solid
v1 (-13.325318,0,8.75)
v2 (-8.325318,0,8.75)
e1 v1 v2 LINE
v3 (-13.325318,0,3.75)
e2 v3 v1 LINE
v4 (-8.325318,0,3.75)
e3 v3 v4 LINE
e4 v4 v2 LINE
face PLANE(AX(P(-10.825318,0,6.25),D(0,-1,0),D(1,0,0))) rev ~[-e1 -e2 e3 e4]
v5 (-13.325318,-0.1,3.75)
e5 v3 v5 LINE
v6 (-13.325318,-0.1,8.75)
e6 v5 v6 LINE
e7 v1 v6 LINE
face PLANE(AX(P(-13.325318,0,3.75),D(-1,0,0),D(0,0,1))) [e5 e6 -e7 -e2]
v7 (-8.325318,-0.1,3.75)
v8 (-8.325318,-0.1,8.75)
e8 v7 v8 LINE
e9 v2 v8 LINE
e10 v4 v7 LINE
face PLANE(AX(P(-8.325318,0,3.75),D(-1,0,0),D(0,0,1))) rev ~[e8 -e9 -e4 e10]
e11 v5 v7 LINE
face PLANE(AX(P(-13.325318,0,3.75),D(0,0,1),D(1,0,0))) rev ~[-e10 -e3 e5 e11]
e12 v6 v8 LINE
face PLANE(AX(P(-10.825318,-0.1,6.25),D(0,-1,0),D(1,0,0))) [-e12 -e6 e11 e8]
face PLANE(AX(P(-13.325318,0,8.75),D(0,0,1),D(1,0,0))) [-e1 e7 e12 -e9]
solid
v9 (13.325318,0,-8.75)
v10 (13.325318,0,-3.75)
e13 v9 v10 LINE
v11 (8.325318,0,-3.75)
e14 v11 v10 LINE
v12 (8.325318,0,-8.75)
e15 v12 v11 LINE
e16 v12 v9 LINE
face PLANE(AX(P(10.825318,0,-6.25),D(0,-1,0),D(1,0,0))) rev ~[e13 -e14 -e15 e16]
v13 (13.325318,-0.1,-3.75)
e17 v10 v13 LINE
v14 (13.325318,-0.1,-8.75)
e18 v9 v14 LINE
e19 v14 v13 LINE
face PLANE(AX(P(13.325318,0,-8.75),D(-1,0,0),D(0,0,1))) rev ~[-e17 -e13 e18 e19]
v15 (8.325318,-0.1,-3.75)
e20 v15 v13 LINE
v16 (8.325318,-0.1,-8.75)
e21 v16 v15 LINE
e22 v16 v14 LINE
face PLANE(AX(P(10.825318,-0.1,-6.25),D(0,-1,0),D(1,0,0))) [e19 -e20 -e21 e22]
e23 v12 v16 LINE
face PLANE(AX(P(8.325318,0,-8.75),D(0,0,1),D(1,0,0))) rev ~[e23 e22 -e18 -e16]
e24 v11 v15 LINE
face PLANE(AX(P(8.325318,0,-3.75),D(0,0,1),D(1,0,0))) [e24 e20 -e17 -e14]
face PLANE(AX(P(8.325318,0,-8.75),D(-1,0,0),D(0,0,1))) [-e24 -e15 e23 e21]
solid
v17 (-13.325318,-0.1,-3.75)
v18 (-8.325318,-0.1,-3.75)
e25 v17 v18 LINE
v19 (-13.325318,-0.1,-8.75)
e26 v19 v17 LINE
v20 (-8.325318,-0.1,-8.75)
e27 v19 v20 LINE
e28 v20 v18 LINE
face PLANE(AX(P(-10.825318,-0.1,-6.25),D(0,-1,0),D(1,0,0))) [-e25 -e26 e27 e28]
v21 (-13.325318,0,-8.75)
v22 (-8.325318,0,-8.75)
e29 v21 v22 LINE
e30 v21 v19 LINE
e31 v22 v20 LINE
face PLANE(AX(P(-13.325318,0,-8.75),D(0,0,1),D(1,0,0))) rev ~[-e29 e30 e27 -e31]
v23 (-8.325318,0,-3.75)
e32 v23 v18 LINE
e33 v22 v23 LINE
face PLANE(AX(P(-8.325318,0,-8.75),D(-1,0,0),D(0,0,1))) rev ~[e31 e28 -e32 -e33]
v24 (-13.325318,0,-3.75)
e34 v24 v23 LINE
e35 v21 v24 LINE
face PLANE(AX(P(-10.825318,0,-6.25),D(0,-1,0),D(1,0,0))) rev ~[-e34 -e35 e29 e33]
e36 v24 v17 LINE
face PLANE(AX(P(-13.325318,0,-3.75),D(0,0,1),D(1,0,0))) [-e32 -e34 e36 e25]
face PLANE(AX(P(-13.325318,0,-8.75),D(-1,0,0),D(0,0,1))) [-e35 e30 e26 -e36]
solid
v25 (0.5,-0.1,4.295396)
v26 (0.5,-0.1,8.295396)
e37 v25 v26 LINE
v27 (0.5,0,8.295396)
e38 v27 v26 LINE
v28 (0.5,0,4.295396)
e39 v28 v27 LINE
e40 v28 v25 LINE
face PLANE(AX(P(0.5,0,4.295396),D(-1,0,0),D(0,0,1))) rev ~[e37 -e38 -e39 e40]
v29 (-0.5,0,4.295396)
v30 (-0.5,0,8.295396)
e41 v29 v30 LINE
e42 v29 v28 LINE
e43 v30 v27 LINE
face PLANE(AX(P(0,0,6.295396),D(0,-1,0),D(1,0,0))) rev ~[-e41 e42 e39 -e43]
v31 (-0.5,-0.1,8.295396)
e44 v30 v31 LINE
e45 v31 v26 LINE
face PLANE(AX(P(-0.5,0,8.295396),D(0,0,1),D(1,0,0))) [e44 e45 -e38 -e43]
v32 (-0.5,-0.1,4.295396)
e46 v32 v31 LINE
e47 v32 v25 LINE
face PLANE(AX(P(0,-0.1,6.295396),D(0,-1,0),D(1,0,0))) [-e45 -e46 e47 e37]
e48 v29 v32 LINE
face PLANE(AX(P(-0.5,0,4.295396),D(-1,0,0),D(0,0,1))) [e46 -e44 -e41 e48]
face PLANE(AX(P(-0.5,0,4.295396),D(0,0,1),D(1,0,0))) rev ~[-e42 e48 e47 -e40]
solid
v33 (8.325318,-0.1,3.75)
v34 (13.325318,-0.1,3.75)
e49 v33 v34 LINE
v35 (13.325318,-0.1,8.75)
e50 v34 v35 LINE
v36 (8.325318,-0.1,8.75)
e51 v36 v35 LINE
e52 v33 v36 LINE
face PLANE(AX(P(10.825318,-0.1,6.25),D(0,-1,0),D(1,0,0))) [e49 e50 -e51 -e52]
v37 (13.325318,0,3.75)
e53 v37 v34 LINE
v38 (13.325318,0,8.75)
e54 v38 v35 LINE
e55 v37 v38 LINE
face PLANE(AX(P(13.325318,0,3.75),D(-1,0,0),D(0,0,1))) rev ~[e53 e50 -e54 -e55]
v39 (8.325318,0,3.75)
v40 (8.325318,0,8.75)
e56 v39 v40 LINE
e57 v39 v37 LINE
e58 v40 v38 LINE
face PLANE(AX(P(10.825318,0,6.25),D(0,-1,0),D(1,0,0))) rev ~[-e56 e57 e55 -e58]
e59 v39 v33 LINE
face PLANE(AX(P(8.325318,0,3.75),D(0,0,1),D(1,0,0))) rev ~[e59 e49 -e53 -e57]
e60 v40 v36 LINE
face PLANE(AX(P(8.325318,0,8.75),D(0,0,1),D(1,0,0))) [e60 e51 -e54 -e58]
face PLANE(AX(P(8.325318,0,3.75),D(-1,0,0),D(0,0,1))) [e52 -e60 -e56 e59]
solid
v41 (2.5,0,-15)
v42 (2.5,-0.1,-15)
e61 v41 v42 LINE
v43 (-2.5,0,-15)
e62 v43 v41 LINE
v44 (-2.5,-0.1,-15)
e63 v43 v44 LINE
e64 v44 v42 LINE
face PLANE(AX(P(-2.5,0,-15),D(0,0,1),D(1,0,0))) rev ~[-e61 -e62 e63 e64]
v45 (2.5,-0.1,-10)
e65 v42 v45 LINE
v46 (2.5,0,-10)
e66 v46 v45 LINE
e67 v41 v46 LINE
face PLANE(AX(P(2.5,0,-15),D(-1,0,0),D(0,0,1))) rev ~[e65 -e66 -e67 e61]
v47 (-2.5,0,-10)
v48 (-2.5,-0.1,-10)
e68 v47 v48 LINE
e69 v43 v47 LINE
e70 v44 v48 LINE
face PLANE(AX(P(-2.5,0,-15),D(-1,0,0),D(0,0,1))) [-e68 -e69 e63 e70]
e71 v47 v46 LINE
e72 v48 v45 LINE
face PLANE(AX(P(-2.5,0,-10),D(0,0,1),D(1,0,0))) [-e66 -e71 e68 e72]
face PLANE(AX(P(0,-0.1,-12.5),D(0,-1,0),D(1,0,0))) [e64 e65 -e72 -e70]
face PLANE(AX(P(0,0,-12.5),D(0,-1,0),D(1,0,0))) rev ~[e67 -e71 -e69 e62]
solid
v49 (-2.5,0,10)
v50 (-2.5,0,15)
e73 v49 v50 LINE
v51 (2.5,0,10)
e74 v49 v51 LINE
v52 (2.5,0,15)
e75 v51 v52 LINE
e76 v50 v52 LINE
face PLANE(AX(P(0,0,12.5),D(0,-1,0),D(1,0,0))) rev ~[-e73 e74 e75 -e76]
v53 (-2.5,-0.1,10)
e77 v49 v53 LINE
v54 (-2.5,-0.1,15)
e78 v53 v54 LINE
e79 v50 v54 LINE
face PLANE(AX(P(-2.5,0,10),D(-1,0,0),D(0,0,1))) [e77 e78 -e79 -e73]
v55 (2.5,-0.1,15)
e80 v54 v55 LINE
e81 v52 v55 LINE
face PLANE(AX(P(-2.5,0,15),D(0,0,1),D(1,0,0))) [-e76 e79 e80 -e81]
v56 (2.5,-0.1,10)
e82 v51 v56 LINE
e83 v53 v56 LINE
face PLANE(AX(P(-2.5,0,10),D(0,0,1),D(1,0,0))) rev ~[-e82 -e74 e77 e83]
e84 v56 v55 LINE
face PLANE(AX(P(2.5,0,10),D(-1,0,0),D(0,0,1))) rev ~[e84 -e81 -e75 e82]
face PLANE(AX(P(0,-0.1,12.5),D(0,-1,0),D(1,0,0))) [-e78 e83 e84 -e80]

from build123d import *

# Parameters (mm, degrees)
F0_W     = 5
F0_H     = 5
F0_W_2   = 1
F0_H_2   = 4
F1_DEPTH = 0.1


with BuildPart() as f1:
    # F0 (on Front) → F1 (new body)
    with BuildSketch(Plane.XZ):
        with Locations((0, 12.5)):
            Rectangle(F0_W, F0_H)
        with Locations((10.825318, 6.25)):
            Rectangle(F0_W, F0_H)
        with Locations((10.825318, -6.25)):
            Rectangle(F0_W, F0_H)
        with Locations((0, -12.5)):
            Rectangle(F0_W, F0_H)
        with Locations((-10.825318, -6.25)):
            Rectangle(F0_W, F0_H)
        with Locations((-10.825318, 6.25)):
            Rectangle(F0_W, F0_H)
        with Locations((0, 6.295396)):
            Rectangle(F0_W_2, F0_H_2)
    extrude(amount=F1_DEPTH)


solid = f1.part
